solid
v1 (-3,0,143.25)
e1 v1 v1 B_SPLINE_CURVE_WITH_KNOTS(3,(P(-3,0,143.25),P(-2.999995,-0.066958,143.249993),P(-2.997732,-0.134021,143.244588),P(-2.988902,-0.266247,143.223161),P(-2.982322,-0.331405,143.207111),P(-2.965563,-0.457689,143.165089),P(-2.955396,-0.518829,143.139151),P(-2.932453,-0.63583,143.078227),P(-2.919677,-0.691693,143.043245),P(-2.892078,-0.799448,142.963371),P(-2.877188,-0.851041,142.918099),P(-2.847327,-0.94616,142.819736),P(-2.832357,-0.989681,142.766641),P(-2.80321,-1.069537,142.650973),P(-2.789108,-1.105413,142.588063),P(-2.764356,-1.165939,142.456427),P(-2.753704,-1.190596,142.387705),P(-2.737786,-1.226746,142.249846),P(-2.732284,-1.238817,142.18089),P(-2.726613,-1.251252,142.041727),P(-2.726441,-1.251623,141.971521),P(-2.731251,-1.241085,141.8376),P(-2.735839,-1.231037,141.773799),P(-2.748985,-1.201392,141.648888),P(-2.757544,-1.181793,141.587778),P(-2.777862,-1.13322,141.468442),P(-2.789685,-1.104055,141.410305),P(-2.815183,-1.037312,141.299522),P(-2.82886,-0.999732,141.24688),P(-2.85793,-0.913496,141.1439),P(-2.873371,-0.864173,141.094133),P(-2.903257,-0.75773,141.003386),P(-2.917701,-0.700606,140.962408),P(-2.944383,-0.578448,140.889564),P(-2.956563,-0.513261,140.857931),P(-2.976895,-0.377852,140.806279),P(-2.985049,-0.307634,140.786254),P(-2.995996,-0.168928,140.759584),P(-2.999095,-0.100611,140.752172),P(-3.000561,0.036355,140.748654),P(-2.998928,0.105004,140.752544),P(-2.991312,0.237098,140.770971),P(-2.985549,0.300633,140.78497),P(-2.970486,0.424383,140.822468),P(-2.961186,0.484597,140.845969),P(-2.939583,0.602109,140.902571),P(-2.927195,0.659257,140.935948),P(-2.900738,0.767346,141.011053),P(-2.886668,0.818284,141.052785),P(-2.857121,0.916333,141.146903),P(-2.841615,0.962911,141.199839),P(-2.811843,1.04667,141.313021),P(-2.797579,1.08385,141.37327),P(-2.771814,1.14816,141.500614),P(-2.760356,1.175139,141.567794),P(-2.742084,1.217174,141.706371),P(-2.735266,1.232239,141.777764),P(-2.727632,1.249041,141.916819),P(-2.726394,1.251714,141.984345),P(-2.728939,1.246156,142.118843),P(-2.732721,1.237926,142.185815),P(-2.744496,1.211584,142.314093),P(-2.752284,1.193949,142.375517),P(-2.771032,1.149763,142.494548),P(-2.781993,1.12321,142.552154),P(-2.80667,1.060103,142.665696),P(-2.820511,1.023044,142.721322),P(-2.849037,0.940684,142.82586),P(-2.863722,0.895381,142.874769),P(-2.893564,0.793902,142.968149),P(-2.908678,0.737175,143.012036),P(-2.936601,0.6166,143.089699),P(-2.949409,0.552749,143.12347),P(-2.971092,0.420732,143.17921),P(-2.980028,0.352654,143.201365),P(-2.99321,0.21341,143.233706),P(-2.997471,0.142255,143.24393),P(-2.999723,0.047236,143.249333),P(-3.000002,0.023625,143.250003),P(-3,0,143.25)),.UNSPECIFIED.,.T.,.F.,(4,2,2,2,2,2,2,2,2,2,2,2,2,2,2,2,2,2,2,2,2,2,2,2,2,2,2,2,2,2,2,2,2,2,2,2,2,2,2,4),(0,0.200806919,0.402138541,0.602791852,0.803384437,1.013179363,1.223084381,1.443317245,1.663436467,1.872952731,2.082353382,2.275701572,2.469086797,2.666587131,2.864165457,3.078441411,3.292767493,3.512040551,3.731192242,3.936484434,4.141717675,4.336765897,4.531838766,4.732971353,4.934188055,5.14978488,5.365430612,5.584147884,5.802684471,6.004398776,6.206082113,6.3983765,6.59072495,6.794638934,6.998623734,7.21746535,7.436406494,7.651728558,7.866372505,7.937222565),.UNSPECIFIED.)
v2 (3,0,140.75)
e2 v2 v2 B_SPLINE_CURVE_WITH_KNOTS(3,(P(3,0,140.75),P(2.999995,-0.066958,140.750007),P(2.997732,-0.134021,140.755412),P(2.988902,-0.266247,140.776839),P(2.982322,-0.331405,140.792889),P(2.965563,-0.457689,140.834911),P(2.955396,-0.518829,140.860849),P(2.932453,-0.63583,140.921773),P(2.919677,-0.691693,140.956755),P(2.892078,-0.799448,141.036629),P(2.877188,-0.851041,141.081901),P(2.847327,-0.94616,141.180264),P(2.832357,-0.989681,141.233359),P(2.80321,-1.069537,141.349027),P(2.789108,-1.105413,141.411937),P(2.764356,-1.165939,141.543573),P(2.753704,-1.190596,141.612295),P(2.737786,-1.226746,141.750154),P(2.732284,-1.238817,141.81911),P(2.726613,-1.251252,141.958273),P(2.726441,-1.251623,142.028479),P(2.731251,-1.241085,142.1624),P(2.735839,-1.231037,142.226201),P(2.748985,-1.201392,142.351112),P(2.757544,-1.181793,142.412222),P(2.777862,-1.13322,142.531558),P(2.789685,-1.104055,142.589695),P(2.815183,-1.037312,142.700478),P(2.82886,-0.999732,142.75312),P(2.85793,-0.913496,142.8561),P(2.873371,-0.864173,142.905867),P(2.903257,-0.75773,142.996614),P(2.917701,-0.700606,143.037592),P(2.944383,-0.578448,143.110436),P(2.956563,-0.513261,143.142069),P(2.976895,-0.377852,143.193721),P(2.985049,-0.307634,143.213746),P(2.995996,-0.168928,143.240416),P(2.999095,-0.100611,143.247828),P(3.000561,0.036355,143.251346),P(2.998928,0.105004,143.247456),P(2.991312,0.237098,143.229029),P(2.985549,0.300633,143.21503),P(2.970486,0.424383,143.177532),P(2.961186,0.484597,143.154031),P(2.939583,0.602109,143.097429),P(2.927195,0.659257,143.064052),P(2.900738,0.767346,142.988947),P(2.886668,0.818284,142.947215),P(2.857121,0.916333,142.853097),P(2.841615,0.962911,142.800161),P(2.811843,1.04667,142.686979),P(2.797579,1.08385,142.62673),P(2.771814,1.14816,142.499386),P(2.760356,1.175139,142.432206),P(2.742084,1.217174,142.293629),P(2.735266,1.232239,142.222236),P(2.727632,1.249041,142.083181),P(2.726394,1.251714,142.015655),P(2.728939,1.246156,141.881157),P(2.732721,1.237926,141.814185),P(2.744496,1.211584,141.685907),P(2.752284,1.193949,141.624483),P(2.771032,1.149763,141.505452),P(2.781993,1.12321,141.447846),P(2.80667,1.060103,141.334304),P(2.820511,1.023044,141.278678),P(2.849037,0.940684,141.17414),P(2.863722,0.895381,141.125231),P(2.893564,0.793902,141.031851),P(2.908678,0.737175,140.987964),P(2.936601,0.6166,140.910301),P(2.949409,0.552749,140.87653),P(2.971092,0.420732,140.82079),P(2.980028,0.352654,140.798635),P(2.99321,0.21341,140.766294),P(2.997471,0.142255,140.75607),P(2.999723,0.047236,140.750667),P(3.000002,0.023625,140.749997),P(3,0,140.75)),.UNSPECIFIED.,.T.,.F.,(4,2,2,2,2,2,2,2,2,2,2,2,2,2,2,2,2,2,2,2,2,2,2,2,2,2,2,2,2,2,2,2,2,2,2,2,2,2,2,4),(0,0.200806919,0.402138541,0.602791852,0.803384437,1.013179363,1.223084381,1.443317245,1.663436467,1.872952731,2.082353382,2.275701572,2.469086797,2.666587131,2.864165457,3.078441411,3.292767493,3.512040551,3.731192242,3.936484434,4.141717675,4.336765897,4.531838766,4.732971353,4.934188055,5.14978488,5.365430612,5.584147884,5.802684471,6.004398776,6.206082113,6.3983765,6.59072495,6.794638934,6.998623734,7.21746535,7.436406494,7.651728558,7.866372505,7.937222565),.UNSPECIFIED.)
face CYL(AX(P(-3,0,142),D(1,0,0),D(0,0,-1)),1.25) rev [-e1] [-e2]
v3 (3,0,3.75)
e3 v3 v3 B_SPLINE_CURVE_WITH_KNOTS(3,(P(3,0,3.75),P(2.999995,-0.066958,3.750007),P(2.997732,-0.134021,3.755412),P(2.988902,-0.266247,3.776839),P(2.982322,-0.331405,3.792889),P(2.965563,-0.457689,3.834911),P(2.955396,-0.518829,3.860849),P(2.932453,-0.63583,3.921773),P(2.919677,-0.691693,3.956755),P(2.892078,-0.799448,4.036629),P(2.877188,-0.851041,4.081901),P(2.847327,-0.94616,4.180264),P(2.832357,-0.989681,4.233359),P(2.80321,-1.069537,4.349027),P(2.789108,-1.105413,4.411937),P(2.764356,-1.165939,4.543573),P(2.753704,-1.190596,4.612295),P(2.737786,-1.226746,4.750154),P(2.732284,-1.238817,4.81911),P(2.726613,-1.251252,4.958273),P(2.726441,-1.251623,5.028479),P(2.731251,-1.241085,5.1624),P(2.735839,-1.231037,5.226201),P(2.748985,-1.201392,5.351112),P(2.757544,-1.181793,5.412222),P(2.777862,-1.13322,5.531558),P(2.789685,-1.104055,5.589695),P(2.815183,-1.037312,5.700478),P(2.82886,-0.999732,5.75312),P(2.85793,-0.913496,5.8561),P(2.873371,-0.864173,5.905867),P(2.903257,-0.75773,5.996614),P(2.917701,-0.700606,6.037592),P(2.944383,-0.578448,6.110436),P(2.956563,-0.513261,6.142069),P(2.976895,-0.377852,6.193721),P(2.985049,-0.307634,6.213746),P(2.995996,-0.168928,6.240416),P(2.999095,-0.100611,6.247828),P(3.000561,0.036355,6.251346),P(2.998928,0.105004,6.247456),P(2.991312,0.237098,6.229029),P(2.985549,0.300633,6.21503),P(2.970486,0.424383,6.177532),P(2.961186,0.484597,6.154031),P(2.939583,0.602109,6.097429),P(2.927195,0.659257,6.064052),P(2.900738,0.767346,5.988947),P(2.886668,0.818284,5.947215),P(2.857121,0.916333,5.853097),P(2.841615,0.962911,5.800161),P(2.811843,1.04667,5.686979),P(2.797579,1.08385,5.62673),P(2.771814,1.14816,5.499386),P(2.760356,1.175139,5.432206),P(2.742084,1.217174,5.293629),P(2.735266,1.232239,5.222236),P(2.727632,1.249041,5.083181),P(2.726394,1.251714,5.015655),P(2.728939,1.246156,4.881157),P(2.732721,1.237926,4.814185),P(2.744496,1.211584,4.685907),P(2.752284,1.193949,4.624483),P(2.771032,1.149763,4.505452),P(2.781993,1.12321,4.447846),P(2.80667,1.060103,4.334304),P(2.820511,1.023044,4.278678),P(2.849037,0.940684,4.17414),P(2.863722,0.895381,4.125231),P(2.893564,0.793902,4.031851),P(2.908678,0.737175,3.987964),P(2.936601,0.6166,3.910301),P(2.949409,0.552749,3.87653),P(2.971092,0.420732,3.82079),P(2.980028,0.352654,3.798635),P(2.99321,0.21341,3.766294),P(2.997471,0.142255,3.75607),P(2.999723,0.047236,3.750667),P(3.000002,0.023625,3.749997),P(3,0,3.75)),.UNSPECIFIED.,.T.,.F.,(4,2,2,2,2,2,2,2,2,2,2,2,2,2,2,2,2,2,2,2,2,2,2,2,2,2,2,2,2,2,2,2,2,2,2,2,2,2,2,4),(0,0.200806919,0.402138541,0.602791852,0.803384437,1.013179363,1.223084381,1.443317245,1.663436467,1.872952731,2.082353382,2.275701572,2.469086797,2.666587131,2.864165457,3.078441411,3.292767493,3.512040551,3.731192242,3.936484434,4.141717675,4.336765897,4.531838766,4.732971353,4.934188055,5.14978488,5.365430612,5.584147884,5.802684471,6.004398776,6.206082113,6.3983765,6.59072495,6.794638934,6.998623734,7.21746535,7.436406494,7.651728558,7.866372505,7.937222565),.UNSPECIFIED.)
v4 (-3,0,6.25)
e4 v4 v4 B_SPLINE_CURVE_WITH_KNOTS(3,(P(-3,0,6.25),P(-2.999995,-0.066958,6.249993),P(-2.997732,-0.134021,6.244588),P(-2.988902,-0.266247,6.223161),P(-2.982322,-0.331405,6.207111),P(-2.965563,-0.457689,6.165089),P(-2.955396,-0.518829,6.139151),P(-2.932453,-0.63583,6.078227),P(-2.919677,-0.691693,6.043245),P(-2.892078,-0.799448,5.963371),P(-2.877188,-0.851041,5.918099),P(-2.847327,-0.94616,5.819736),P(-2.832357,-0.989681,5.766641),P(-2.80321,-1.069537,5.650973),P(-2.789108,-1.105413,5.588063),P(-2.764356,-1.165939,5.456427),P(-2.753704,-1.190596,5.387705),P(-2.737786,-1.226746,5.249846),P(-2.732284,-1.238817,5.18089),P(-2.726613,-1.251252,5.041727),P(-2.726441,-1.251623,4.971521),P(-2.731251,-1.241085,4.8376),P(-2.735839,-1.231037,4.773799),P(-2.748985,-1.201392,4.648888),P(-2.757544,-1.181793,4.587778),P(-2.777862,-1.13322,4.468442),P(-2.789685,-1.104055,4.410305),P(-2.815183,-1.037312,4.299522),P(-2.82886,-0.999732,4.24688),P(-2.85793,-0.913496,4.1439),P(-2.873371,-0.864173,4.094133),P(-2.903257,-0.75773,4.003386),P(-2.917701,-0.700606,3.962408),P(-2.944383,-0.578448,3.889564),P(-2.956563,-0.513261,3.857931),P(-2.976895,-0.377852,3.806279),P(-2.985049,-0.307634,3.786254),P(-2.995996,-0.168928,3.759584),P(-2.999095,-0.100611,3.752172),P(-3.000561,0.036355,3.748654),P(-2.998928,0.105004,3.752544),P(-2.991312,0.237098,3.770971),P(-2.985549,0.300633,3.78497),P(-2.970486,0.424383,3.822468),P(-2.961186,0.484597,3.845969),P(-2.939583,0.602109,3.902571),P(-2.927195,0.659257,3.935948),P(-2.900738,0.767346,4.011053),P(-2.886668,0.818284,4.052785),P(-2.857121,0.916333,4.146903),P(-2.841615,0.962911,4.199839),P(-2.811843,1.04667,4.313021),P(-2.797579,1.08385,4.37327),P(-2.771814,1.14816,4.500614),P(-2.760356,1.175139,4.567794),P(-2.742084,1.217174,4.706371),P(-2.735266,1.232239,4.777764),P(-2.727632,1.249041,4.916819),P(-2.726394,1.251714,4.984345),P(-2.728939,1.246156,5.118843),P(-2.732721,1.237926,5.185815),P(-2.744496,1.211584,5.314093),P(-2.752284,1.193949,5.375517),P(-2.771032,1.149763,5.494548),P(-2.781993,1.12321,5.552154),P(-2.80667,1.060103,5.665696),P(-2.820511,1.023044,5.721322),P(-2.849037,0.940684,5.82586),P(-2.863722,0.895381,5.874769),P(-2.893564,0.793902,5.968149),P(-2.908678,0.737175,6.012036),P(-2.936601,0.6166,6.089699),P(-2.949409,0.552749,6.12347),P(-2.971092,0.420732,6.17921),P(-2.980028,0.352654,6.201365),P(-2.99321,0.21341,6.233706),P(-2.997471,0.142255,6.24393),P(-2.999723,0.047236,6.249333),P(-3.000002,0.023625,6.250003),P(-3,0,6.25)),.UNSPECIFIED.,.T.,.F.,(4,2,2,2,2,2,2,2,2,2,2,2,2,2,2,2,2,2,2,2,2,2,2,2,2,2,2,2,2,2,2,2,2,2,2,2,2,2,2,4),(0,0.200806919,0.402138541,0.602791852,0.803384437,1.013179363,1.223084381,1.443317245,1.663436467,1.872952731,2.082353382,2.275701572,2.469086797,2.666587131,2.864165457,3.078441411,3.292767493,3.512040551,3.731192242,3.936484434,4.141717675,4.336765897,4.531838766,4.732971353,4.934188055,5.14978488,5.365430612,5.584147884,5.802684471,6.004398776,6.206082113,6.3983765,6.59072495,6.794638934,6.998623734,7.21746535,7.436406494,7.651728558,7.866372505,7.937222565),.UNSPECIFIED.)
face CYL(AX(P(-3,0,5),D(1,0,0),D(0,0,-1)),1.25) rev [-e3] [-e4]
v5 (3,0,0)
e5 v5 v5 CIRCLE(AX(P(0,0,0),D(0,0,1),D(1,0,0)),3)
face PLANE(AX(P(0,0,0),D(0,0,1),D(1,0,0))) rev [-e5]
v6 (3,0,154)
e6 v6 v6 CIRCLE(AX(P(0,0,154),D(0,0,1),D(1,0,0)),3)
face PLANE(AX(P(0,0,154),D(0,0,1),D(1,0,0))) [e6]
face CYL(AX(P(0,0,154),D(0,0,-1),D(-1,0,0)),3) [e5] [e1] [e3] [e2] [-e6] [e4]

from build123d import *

# Parameters (mm, degrees)
ESQUISSE1_R                  = 3
BOSS_EXTRU_1_DEPTH           = 154
ENL_V_MAT_EXTRU_1_DEPTH      = 155.058430474
ENL_V_MAT_EXTRU_1_DEPTH_BACK = 155.058430474
ESQUISSE2_R                  = 1.25


with BuildPart() as part:
    # Esquisse1 → Boss.-Extru.1 (new body)
    with BuildSketch(Plane.XY):
        Circle(ESQUISSE1_R)
    extrude(amount=BOSS_EXTRU_1_DEPTH)

    # Esquisse2 → Enlèv. mat.-Extru.1 (cut, two sides: drawn at the far end of the back side and taken through both)
    with BuildSketch(Plane(origin=(0, 0, 0), x_dir=(0, 0, -1), z_dir=(1, 0, 0)).offset(-ENL_V_MAT_EXTRU_1_DEPTH_BACK)):
        with Locations(Location((-5, 0, 0), (0, 0, 180.000000002))):
            Circle(ESQUISSE2_R)
        with Locations(Location((-142, 0, 0), (0, 0, 180.000000002))):
            Circle(ESQUISSE2_R)
    extrude(amount=ENL_V_MAT_EXTRU_1_DEPTH + ENL_V_MAT_EXTRU_1_DEPTH_BACK, mode=Mode.SUBTRACT)


solid = part.part
